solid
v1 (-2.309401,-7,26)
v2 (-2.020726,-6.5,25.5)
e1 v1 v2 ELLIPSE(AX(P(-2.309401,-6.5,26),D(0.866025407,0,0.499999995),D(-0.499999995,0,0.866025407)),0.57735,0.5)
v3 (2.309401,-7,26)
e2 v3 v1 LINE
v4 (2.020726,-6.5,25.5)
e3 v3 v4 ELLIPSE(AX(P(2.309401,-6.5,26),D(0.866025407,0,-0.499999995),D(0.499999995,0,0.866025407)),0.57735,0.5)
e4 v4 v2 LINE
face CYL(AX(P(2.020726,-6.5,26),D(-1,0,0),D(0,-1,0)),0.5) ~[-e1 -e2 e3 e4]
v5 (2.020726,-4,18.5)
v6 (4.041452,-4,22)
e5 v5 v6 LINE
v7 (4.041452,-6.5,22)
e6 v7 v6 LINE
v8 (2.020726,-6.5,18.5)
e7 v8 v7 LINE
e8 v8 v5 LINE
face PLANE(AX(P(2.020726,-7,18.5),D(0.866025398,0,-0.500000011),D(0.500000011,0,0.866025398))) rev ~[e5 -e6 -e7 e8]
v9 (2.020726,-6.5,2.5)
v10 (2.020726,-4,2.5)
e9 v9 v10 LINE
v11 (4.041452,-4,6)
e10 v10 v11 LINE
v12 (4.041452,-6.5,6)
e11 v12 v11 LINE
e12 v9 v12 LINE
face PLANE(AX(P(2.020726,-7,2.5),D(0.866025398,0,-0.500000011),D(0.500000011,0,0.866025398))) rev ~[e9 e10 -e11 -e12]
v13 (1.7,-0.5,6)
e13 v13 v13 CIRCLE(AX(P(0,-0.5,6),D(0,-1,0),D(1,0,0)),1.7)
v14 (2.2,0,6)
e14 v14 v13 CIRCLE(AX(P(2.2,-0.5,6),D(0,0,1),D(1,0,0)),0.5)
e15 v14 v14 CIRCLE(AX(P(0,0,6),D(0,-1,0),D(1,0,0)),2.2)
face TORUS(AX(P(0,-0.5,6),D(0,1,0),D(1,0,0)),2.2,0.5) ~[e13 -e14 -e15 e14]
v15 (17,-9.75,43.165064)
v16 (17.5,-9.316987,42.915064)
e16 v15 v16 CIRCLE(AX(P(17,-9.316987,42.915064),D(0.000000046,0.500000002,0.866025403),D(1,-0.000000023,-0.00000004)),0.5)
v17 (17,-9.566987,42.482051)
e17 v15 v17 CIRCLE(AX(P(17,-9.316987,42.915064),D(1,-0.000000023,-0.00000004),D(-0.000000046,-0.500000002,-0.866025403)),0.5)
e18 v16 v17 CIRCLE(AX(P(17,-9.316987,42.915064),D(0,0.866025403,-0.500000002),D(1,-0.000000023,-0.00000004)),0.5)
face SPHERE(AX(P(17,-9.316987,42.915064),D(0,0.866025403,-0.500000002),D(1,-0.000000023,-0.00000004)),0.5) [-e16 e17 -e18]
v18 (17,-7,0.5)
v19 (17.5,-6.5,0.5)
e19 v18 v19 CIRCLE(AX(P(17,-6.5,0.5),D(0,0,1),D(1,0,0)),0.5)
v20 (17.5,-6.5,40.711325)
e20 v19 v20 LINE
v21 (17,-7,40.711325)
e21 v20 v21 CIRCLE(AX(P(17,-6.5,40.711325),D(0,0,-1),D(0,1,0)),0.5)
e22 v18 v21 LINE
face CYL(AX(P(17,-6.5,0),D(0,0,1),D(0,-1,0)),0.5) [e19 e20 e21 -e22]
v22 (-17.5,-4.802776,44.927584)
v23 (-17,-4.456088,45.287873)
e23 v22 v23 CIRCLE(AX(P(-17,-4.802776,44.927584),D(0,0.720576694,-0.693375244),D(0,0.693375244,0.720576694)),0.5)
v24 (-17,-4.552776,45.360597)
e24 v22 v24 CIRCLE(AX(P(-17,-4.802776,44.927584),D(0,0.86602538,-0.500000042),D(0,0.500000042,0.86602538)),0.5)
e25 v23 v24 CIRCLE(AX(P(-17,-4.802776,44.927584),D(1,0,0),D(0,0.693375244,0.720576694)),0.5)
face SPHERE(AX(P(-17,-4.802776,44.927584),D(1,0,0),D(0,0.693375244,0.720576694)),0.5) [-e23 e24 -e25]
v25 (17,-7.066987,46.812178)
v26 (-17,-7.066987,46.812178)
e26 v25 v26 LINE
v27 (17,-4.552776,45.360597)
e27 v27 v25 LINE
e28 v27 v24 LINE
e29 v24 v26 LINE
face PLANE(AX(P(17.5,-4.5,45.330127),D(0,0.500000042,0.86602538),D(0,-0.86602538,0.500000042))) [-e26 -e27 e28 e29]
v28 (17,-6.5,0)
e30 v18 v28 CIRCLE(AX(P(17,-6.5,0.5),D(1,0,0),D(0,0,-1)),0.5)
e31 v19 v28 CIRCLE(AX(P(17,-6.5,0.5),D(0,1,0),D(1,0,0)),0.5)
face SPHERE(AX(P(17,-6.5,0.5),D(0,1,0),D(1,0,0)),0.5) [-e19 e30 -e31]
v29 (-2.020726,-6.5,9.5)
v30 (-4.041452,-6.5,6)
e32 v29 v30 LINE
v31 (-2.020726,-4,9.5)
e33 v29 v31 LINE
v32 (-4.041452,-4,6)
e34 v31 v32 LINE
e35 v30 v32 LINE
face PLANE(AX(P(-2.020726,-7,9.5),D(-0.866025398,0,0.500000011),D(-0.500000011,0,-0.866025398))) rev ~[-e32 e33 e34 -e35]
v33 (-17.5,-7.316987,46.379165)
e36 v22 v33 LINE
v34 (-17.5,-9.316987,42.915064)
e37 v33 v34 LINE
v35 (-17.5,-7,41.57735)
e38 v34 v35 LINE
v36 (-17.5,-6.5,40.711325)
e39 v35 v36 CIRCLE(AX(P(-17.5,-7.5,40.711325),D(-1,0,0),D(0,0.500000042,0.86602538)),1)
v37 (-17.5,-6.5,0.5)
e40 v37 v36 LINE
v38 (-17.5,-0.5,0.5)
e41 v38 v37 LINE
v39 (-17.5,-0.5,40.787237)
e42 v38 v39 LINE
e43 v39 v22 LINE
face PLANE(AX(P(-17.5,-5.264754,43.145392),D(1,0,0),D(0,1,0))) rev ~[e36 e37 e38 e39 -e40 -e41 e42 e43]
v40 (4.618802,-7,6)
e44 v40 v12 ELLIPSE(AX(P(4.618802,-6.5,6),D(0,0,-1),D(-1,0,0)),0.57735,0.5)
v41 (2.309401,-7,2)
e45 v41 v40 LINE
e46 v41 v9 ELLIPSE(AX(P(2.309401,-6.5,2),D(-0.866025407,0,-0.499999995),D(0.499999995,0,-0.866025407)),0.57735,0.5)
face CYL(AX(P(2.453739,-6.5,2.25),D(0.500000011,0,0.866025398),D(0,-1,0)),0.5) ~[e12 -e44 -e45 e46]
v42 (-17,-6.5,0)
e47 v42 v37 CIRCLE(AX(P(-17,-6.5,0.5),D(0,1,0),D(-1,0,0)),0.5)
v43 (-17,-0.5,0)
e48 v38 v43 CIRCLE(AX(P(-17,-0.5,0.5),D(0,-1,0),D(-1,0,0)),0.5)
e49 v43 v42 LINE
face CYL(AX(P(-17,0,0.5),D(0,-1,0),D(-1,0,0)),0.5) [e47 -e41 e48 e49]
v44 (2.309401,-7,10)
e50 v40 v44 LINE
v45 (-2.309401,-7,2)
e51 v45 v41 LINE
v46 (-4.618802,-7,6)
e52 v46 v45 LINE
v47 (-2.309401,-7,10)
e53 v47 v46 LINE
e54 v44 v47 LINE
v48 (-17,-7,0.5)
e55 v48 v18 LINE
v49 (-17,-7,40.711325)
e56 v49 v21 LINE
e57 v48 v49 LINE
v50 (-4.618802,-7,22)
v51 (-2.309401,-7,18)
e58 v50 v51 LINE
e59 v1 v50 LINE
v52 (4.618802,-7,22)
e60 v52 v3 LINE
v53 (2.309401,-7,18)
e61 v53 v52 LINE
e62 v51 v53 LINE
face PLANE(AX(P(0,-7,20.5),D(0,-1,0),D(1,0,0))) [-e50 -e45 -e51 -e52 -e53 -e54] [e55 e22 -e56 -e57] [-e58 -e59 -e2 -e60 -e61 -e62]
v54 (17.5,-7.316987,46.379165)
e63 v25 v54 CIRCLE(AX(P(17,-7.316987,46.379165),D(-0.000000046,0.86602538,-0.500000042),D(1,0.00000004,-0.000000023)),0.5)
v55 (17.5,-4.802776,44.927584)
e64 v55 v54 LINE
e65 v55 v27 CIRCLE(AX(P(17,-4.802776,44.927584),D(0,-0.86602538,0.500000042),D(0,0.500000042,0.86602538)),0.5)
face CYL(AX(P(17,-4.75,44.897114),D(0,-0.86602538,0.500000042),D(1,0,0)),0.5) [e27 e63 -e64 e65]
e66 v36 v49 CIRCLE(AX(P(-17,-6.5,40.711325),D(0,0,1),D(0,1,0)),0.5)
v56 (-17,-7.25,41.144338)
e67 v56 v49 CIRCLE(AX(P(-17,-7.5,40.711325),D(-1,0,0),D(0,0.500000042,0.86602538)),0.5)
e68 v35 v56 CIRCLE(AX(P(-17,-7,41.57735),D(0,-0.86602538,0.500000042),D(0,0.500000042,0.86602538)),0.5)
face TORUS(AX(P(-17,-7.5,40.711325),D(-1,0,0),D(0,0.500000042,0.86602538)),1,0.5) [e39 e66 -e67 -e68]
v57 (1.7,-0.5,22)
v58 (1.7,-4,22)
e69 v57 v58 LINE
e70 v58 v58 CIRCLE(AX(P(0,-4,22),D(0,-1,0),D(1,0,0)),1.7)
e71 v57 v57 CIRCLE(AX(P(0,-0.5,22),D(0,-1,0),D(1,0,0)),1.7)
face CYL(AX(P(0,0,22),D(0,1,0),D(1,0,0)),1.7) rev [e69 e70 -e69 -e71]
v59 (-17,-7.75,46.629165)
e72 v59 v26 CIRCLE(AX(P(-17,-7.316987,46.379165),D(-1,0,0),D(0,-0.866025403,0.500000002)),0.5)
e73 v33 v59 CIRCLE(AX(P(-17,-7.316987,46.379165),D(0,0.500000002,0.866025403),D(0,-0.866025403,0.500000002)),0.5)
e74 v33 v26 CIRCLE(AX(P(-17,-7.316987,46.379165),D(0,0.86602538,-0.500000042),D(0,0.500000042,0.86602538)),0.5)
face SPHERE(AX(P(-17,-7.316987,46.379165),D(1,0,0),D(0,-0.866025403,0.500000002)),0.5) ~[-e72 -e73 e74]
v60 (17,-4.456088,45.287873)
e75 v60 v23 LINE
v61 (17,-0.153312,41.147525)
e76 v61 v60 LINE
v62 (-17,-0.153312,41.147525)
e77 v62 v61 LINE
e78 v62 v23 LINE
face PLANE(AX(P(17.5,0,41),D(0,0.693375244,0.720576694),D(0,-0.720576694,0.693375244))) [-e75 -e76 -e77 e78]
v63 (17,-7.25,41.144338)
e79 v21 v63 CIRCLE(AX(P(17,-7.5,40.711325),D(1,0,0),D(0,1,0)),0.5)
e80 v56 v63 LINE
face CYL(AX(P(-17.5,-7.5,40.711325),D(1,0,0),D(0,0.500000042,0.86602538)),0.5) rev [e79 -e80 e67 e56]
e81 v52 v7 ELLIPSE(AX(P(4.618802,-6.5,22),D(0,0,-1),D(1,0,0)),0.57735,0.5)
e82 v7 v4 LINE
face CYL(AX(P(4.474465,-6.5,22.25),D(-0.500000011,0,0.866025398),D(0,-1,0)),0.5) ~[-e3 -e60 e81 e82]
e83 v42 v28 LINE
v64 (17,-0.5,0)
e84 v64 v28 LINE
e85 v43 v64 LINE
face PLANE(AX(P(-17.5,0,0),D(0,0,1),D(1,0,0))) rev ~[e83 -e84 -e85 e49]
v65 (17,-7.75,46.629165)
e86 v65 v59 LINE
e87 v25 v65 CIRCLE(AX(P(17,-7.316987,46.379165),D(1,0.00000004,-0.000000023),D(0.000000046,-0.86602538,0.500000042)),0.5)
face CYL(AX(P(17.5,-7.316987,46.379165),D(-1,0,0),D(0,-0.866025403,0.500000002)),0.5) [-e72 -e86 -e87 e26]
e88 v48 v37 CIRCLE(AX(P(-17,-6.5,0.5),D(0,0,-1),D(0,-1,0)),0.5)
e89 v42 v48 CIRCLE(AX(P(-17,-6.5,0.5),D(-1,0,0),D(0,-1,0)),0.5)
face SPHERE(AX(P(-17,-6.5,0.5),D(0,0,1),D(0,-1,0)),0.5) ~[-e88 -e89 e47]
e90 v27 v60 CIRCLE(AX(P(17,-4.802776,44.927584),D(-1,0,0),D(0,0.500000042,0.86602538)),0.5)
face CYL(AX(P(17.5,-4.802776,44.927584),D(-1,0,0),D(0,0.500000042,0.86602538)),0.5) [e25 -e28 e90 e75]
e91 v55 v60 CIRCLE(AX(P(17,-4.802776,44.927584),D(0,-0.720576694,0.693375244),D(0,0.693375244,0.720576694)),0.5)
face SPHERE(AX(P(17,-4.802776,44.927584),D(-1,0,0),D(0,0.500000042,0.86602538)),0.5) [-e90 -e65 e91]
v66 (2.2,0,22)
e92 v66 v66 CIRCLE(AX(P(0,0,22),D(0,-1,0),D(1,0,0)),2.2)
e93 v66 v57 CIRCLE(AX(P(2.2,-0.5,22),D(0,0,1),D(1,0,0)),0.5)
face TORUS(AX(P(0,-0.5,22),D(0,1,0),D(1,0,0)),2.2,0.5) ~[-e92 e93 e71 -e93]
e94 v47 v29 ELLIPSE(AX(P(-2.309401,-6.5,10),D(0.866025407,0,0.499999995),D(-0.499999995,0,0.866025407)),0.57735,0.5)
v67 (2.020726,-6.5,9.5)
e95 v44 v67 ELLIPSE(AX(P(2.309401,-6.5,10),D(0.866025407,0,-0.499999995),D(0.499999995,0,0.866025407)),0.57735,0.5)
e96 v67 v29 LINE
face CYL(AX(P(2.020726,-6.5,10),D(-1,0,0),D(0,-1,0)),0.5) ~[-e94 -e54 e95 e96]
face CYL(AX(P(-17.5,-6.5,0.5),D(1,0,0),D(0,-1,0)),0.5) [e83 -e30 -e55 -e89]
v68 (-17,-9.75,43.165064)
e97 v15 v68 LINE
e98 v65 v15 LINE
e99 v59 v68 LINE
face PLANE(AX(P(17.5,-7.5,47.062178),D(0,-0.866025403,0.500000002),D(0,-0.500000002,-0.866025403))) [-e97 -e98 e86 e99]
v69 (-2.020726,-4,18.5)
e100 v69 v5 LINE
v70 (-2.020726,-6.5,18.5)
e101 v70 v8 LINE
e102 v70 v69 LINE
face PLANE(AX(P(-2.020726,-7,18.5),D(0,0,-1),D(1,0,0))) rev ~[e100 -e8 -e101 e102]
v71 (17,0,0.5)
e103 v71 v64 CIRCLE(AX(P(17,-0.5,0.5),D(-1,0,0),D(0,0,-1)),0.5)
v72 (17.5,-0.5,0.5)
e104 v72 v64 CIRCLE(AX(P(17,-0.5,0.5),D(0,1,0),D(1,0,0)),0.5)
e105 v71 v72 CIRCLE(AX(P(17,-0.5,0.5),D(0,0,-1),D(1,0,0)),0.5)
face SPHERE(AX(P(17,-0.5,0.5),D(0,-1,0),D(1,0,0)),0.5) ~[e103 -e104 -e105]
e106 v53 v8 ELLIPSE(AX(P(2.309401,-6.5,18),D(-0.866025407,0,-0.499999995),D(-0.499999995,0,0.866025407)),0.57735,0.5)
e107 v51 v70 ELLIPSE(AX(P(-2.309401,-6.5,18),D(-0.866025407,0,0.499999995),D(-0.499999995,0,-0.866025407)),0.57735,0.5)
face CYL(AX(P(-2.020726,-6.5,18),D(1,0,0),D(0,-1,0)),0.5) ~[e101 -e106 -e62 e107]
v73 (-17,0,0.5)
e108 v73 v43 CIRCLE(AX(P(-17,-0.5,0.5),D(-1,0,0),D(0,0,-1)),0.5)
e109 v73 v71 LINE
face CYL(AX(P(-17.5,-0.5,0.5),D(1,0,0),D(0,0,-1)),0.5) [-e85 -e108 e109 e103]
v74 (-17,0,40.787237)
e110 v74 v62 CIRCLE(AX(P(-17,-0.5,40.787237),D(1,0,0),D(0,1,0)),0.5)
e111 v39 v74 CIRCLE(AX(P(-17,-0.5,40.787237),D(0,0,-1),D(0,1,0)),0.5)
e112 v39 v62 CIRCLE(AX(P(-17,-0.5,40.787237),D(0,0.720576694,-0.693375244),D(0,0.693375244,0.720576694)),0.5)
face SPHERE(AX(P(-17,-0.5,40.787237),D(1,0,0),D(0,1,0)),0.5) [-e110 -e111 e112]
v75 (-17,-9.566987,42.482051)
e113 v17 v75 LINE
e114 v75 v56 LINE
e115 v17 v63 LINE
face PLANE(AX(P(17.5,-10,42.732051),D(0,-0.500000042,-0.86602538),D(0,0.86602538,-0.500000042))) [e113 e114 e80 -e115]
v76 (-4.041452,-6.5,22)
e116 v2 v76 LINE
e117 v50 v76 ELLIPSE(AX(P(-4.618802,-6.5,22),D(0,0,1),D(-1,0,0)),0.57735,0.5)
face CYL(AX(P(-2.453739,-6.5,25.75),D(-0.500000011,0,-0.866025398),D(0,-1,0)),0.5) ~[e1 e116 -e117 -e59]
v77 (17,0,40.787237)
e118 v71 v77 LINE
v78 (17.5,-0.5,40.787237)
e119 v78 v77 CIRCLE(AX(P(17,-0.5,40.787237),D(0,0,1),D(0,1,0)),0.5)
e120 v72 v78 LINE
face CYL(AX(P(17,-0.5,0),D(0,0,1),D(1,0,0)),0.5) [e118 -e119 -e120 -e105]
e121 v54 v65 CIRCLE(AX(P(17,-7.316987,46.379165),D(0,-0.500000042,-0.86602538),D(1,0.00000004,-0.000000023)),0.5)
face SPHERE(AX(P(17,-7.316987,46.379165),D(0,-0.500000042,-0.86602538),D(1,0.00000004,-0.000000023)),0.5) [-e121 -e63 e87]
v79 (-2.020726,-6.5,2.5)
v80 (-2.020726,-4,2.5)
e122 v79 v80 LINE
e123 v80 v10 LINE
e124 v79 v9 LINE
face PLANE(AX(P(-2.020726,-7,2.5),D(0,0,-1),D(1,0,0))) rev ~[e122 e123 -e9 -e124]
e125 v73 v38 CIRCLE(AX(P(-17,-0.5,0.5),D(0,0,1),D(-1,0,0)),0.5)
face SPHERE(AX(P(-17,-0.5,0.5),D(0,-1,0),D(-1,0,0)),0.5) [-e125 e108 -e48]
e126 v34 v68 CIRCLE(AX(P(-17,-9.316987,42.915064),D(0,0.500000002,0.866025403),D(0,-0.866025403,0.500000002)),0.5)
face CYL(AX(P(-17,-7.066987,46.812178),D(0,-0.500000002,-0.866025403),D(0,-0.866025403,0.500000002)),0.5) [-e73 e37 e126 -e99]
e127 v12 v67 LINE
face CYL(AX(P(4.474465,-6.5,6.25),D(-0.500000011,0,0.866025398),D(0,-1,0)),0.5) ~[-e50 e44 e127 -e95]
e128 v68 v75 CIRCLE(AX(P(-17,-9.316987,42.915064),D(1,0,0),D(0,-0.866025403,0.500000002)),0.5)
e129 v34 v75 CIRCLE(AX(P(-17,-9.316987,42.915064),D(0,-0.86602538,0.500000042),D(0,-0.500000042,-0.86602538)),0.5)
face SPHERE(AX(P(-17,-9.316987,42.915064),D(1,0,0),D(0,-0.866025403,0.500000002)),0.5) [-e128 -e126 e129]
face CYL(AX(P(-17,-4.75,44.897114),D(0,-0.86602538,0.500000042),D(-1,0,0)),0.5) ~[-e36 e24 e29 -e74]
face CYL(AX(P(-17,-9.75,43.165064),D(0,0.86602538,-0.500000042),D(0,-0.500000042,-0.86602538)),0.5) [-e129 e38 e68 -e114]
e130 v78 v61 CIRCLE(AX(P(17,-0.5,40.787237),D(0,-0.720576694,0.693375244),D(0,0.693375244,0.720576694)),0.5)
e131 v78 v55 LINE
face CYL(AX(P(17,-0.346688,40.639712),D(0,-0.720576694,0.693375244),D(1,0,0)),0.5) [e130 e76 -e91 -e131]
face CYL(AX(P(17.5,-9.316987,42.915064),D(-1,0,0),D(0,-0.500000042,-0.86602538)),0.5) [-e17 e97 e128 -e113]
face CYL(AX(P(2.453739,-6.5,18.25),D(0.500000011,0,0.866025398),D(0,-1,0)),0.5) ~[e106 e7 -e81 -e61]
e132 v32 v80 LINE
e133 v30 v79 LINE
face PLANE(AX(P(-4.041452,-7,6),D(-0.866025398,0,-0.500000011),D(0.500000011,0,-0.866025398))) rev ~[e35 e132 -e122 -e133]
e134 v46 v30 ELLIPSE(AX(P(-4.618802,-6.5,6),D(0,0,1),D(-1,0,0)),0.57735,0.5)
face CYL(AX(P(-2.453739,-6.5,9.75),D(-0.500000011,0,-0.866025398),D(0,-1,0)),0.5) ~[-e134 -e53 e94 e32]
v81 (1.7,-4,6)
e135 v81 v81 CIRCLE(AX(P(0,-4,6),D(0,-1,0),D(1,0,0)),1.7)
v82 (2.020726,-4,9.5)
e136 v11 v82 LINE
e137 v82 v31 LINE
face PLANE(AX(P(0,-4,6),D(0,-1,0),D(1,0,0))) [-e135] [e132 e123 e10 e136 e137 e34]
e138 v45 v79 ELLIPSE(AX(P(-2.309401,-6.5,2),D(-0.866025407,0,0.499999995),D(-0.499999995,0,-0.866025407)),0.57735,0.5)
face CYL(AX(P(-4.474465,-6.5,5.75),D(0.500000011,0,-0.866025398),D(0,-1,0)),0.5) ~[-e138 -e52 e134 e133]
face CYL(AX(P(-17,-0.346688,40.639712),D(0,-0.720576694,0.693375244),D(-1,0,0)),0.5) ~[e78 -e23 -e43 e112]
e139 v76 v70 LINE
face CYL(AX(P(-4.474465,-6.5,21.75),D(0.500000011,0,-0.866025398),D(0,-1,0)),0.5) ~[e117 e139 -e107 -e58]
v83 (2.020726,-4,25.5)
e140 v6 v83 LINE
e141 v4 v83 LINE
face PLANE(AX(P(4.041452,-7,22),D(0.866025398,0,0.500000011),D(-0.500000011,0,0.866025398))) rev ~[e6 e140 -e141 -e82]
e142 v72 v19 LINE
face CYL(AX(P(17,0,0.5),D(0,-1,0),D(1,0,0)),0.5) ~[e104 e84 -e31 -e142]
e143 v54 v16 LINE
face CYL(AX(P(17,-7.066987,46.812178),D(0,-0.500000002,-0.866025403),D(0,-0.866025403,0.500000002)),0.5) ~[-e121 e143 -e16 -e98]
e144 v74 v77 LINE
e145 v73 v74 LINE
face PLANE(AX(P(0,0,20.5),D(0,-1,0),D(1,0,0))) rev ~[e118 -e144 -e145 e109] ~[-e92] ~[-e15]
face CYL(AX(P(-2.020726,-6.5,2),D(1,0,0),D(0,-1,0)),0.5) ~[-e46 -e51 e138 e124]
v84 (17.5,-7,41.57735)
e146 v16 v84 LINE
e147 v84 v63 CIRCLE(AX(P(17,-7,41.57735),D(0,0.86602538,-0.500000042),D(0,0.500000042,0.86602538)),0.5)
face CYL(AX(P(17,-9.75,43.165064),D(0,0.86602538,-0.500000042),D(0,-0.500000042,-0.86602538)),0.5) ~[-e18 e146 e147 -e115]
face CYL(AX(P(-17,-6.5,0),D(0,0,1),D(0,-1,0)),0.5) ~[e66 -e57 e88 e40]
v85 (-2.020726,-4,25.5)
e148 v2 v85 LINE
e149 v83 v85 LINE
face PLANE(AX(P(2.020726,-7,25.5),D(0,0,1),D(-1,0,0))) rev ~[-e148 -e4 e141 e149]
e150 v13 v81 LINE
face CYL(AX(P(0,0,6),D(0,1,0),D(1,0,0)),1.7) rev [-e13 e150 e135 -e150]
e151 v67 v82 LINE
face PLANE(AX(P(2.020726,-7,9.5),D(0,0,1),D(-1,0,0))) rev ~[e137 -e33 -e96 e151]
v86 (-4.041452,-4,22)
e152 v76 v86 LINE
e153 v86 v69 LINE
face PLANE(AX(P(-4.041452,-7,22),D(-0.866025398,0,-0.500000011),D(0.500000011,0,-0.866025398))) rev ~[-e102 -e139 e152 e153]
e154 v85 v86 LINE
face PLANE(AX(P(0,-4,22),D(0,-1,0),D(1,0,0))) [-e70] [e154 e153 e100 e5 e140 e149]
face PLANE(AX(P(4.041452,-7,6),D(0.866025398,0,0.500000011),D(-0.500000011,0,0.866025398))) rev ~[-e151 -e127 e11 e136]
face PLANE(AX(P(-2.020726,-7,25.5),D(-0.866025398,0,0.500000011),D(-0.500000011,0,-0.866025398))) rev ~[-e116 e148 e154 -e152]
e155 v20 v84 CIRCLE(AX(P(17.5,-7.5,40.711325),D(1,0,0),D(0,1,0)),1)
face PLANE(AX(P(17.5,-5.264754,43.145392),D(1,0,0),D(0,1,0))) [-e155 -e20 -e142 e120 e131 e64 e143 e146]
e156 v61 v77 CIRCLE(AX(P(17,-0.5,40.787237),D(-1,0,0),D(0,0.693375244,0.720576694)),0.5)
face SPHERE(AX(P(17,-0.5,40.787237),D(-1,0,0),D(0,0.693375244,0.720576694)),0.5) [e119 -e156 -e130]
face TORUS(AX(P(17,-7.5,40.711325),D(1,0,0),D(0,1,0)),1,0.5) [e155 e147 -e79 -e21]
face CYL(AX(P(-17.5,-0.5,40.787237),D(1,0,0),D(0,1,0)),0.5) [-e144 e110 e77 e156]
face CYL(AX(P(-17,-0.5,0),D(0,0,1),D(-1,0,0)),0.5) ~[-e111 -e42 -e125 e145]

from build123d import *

# Parameters (mm, degrees)
F0_W     = 35
F0_H     = 41
F0_R     = 1.7
F1_DEPTH = 7
F3_DEPTH = 35
F4_R     = 1.7
F5_DEPTH = 3
F6_R     = 0.5


with BuildPart() as f1:
    # F0 (on Front) → F1 (new body)
    with BuildSketch(Plane.XZ):
        with Locations((0, 20.5)):
            Rectangle(F0_W, F0_H)
        with Locations((0, 6)):
            Circle(F0_R, mode=Mode.SUBTRACT)
        with Locations((0, 22)):
            Circle(F0_R, mode=Mode.SUBTRACT)
    extrude(amount=F1_DEPTH)

    # F2 (on face) → F3 (join, through all)
    with BuildSketch(Plane.YZ.offset(17.5)):
        Polygon((-10, 42.732051), (-7, 41), (0, 41), (-4.5, 45.330127), (-7.5, 47.062178), align=None)
    extrude(amount=-F3_DEPTH)

    # F4 (on face) → F5 (cut)
    with BuildSketch(Plane.XZ.offset(7)):
        Polygon((4.041452, 22), (2.020726, 25.5), (-2.020726, 25.5), (-4.041452, 22), (-2.020726, 18.5), (2.020726, 18.5), align=None)
        with Locations((0, 22)):
            Circle(F4_R, mode=Mode.SUBTRACT)
        Polygon((4.041452, 6), (2.020726, 9.5), (-2.020726, 9.5), (-4.041452, 6), (-2.020726, 2.5), (2.020726, 2.5), align=None)
        with Locations((0, 6)):
            Circle(F4_R, mode=Mode.SUBTRACT)
    extrude(amount=-F5_DEPTH, mode=Mode.SUBTRACT)

    # F6
    f6_edges = [f1.edges().sort_by_distance(p)[0] for p in [
        (17.5, -3.5, 0),
        (17.5, -7, 20.5),
        (17.5, -8.5, 41.866025),
        (17.5, -8.75, 44.897114),
        (17.5, -6, 46.196152),
        (17.5, -2.25, 43.165064),
        (17.5, 0, 20.5),
        (-17.5, -7, 20.5),
        (0, -7, 41),
        (0, -7, 0),
        (3.031089, -7, 7.75),
        (0, -7, 9.5),
        (-3.031089, -7, 7.75),
        (-3.031089, -7, 4.25),
        (0, -7, 2.5),
        (3.031089, -7, 4.25),
        (3.031089, -7, 20.25),
        (3.031089, -7, 23.75),
        (0, -7, 25.5),
        (-3.031089, -7, 23.75),
        (-3.031089, -7, 20.25),
        (0, -7, 18.5),
        (0, -7.5, 47.062178),
        (0, -10, 42.732051),
        (-17.5, -8.75, 44.897114),
        (-17.5, -3.5, 0),
        (-17.5, 0, 20.5),
        (-17.5, -2.25, 43.165064),
        (-17.5, -6, 46.196152),
        (-17.5, -8.5, 41.866025),
        (0, 0, 0),
        (0, 0, 41),
        (-1.7, 0, 6),
        (-1.7, 0, 22),
        (0, -4.5, 45.330127),
    ]]
    fillet(f6_edges, radius=F6_R)


solid = f1.part
